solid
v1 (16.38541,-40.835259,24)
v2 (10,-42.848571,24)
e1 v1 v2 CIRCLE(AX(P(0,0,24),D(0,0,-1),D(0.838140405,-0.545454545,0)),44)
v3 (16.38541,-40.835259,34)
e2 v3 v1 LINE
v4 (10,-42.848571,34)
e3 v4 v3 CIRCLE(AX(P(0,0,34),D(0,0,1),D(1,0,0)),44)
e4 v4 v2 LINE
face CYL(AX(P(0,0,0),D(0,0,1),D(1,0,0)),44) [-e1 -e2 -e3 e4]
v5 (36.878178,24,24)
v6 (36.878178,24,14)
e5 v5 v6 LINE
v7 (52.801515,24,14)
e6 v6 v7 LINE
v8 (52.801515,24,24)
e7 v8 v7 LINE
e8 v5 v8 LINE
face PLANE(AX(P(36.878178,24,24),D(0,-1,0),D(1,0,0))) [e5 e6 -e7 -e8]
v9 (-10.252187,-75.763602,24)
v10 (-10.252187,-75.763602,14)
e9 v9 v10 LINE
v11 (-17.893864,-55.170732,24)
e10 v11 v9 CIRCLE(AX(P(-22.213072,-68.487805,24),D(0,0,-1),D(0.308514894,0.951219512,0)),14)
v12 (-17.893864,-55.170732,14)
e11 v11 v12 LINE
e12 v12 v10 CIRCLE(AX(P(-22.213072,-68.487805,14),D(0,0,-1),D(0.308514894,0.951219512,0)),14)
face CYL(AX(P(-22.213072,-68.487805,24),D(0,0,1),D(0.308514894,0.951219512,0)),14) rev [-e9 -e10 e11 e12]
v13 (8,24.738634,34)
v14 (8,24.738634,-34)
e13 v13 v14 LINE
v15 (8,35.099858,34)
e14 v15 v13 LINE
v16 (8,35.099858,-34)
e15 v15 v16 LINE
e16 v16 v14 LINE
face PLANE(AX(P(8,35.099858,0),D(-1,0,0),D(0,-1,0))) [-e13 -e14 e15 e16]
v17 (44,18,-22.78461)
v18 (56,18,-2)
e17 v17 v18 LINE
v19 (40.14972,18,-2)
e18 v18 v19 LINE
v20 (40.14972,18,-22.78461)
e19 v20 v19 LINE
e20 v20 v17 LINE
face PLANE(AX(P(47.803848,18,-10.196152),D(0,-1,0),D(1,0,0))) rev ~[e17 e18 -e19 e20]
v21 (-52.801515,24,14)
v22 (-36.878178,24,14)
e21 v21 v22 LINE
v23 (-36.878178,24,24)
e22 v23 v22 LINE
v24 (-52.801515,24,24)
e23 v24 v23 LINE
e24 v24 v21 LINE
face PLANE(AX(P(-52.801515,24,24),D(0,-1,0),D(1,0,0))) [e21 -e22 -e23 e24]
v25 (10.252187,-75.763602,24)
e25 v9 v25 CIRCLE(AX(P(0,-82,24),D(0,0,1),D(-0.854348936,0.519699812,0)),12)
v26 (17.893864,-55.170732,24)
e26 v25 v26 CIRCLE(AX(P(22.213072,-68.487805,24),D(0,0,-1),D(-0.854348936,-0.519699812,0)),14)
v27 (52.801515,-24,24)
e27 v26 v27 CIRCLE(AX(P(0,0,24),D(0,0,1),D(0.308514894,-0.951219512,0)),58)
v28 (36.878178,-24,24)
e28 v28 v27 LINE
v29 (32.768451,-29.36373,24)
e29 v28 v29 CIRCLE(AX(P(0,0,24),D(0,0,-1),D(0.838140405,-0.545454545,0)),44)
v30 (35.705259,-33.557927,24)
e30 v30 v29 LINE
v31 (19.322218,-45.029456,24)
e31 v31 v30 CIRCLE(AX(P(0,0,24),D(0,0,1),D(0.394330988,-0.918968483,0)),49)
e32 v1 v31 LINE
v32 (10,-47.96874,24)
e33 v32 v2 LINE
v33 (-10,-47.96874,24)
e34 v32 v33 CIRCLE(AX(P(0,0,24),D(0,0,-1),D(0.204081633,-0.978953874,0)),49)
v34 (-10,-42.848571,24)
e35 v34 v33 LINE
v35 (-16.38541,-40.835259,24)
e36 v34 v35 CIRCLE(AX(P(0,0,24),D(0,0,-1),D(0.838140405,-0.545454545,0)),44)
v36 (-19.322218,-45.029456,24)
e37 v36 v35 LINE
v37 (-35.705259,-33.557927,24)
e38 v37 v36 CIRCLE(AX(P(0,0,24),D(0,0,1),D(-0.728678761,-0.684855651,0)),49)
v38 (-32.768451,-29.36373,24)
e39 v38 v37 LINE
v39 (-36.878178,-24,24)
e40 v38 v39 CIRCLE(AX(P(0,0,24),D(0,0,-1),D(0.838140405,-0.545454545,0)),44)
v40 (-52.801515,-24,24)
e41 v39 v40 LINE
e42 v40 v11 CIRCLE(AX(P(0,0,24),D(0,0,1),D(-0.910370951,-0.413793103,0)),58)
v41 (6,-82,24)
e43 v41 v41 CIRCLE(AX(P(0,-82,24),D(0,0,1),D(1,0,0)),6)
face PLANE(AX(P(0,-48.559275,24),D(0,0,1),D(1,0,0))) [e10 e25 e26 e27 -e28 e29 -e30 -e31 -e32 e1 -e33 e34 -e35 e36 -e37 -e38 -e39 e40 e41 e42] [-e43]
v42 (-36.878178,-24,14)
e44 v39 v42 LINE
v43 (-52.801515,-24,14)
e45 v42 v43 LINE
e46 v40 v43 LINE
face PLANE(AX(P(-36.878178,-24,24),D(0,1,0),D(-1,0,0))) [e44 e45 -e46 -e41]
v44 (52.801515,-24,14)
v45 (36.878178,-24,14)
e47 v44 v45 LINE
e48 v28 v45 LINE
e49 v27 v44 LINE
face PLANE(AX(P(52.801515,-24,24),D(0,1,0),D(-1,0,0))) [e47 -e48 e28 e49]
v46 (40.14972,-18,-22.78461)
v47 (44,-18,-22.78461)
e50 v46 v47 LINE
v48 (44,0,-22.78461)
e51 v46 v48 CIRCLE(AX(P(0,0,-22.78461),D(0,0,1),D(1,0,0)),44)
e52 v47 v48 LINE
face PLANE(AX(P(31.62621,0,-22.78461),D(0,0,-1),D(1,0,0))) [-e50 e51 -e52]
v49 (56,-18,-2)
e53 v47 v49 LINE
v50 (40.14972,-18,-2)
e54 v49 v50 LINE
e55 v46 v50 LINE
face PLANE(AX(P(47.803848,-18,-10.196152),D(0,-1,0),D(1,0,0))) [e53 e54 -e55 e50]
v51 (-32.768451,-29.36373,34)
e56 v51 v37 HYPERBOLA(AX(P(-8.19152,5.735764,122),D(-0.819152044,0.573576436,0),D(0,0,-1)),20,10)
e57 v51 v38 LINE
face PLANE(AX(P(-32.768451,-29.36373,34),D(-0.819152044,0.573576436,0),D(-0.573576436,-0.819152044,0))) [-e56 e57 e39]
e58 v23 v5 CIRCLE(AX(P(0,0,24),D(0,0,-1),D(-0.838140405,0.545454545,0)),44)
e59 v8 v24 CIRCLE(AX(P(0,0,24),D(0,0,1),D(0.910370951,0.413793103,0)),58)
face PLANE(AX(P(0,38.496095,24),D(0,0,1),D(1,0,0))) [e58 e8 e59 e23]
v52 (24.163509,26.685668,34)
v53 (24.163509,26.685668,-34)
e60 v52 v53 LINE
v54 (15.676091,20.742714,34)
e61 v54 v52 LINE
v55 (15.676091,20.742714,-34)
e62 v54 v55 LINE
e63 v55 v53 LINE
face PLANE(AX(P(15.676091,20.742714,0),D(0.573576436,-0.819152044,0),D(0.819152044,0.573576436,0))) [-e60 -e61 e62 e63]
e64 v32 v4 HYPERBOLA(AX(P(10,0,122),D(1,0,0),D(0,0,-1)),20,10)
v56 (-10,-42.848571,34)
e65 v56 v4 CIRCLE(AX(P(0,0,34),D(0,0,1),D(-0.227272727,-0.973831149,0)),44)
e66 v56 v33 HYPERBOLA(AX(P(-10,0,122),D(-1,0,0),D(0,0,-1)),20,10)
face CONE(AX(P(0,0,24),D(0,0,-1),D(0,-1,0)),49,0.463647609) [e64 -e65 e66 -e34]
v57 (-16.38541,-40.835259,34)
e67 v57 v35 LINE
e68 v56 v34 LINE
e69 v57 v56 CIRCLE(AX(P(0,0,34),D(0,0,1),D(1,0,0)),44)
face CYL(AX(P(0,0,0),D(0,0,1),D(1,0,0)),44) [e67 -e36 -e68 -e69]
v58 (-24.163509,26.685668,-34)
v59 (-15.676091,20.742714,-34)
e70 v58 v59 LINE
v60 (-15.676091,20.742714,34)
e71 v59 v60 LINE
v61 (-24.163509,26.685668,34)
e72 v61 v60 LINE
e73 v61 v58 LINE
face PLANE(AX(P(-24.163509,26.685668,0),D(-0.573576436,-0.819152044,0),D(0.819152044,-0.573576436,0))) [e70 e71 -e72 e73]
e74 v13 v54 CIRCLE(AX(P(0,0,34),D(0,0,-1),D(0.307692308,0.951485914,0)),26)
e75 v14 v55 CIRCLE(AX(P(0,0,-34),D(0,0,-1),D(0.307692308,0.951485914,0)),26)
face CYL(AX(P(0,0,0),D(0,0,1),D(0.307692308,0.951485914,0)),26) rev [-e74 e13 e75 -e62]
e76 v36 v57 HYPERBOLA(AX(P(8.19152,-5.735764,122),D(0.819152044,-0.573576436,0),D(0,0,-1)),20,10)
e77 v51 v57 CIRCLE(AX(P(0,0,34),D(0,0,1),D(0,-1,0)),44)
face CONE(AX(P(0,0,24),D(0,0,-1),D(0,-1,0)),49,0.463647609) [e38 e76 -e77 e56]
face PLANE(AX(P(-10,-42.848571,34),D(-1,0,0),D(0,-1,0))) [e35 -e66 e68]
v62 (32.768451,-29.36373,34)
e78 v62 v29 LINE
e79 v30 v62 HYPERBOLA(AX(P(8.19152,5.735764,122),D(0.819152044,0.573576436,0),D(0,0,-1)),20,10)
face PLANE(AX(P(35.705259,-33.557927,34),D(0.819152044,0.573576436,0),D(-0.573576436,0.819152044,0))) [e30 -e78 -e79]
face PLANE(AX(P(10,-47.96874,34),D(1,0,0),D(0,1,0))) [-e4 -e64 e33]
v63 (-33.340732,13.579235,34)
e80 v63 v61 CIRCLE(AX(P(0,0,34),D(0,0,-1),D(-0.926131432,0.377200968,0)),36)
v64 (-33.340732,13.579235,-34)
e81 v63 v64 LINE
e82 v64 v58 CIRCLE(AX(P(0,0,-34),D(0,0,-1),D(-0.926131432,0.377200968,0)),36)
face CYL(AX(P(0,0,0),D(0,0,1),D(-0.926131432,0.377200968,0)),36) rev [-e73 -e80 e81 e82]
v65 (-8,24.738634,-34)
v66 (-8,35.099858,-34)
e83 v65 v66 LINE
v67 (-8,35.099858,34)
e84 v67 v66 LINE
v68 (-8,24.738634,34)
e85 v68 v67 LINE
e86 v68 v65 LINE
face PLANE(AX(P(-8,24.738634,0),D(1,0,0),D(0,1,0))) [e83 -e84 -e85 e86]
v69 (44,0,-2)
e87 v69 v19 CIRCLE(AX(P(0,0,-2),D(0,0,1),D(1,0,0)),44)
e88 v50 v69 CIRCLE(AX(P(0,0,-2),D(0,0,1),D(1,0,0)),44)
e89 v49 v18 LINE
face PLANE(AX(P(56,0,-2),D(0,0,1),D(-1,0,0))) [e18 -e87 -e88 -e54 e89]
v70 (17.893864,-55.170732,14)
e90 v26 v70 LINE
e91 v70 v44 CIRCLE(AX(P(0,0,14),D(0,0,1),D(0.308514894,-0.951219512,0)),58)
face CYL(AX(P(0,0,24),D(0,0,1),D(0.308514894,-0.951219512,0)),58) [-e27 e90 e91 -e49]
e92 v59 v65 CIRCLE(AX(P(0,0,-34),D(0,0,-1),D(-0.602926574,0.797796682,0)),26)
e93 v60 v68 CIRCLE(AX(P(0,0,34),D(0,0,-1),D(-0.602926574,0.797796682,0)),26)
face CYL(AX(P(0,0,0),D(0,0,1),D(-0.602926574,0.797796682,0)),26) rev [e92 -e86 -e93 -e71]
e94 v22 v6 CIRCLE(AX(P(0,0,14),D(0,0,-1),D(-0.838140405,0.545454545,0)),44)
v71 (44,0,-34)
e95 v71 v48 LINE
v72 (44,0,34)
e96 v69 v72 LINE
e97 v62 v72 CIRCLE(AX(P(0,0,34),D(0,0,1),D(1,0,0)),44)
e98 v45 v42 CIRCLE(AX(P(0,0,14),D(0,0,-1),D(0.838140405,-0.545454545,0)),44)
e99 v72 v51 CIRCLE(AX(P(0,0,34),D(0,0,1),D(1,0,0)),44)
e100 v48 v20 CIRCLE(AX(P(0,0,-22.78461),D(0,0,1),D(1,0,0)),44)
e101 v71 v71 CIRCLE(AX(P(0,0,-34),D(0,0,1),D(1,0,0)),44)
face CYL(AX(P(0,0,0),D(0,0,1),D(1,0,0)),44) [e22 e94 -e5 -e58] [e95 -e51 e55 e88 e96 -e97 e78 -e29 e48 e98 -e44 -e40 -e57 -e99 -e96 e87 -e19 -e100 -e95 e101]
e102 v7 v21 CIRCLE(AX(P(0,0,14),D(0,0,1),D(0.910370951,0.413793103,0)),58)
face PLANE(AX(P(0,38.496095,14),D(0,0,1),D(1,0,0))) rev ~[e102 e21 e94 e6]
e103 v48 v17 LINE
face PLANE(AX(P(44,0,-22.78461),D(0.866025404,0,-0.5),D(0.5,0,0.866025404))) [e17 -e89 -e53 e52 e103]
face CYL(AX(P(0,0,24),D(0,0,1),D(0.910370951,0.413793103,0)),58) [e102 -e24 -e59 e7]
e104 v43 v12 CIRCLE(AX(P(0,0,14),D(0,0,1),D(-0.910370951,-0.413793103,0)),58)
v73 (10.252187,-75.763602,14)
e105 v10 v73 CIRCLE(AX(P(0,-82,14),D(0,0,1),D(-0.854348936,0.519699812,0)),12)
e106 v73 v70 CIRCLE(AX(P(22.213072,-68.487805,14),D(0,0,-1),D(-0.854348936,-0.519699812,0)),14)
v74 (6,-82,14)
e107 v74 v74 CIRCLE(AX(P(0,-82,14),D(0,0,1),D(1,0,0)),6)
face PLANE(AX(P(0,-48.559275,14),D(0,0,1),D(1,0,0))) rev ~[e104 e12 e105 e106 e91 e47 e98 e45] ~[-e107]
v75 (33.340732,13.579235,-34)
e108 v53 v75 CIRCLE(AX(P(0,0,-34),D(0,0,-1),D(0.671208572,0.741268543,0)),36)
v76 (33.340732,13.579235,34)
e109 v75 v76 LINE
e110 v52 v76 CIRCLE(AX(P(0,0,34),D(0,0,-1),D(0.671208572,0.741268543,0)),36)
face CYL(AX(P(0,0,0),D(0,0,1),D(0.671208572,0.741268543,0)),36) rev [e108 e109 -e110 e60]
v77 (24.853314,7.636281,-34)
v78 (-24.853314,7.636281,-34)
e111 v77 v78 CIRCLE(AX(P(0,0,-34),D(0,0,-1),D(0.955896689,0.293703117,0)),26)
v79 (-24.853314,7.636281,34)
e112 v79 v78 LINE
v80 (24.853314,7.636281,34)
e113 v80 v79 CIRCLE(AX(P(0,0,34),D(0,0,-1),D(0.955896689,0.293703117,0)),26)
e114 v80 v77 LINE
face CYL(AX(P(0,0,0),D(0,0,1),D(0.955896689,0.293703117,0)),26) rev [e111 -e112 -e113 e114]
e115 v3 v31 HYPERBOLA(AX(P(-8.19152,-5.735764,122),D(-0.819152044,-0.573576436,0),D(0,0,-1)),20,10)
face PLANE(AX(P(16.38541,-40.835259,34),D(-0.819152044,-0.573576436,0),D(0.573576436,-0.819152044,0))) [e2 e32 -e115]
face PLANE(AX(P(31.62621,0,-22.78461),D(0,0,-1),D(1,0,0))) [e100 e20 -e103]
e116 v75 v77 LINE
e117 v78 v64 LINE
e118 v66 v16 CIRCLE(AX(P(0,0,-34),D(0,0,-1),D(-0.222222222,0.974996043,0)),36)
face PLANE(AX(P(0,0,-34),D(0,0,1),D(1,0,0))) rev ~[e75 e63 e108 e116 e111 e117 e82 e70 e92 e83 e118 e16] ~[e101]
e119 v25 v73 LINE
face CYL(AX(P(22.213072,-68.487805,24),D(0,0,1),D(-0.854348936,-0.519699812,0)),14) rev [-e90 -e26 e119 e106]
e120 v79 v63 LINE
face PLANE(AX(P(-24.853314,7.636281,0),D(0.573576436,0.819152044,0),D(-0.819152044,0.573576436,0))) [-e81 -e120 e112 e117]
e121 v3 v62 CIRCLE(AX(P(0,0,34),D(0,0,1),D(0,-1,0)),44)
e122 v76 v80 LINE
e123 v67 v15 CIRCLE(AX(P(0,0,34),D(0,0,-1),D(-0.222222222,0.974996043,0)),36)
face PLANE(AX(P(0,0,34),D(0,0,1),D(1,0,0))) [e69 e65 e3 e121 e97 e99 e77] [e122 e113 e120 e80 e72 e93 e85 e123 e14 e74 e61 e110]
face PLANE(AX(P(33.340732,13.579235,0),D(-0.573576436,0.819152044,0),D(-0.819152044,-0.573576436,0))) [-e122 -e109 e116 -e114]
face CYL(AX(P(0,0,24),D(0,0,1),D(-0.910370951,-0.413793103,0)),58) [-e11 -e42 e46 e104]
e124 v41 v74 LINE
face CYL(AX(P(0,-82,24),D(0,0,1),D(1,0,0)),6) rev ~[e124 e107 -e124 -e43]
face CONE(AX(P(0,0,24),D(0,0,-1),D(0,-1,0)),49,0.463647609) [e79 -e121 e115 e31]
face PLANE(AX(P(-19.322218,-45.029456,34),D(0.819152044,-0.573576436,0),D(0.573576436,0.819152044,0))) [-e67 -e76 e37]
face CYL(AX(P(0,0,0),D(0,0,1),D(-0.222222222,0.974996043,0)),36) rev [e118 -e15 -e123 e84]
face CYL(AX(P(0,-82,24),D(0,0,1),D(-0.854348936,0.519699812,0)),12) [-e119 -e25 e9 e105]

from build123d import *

# Parameters (mm, degrees)
F0_R      = 44
F1_DEPTH  = 34
F3_R      = 6
F4_DEPTH  = 10
F5_W      = 12.3737903833
F5_H      = 20.7846096908
F6_DEPTH  = 18
F4_FACE_R = 6
F8_DEPTH  = 10
F12_DEPTH = 107.2


with BuildPart() as f1:
    # F0 (on Top) → F1 (new body, symmetric)
    with BuildSketch(Plane.XY):
        Circle(F0_R)
        with BuildLine():
            ThreePointArc((-15.6760909215, 20.742713743), (-12.0054639441, 23.0622816626), (-8, 24.7386337537))
            Line((-8, 24.7386337537), (-8, 35.0998575496))
            ThreePointArc((-8, 35.0998575496), (0, 36), (8, 35.0998575496))
            Line((8, 35.0998575496), (8, 24.7386337537))
            ThreePointArc((8, 24.7386337537), (12.0054639441, 23.0622816626), (15.6760909215, 20.742713743))
            Line((15.6760909215, 20.742713743), (24.1635085752, 26.685667564))
            ThreePointArc((24.1635085752, 26.685667564), (29.4894735944, 20.6487517086), (33.3407315568, 13.5792348554))
            Line((33.3407315568, 13.5792348554), (24.8533139031, 7.6362810343))
            ThreePointArc((24.8533139031, 7.6362810343), (0, -26), (-24.8533139031, 7.6362810343))
            Line((-24.8533139031, 7.6362810343), (-33.3407315568, 13.5792348554))
            ThreePointArc((-33.3407315568, 13.5792348554), (-29.4894735944, 20.6487517086), (-24.1635085752, 26.685667564))
            Line((-24.1635085752, 26.685667564), (-15.6760909215, 20.742713743))
        make_face(mode=Mode.SUBTRACT)
    extrude(amount=F1_DEPTH, both=True)

    # F3 (on offset) → F4 (join)
    with BuildSketch(Plane.XY.offset(24)):
        with BuildLine():
            Line((-36.8781778292, -24), (-52.8015151298, -24))
            ThreePointArc((-52.8015151298, -24), (-38.6311115614, -43.2624227191), (-17.8938638331, -55.1707317073))
            ThreePointArc((-17.8938638331, -55.1707317073), (-9.0876412514, -63.6171726174), (-10.252187236, -75.7636022514))
            ThreePointArc((-10.252187236, -75.7636022514), (0, -94), (10.252187236, -75.7636022514))
            ThreePointArc((10.252187236, -75.7636022514), (9.0876412514, -63.6171726174), (17.8938638331, -55.1707317073))
            ThreePointArc((17.8938638331, -55.1707317073), (38.6311115614, -43.2624227191), (52.8015151298, -24))
            Line((52.8015151298, -24), (36.8781778292, -24))
            ThreePointArc((36.8781778292, -24), (0, -44), (-36.8781778292, -24))
        make_face()
        with Locations((0, -82)):
            Circle(F3_R, mode=Mode.SUBTRACT)
        with BuildLine():
            Line((-52.8015151298, 24), (-36.8781778292, 24))
            ThreePointArc((-36.8781778292, 24), (0, 44), (36.8781778292, 24))
            Line((36.8781778292, 24), (52.8015151298, 24))
            ThreePointArc((52.8015151298, 24), (0, 58), (-52.8015151298, 24))
        make_face()
    extrude(amount=-F4_DEPTH)

    # F5 (on Front) → F6 (join, symmetric)
    with BuildSketch(Plane.XZ):
        Polygon((56, -2), (44, -2), (44, -22.7846096908), align=None)
        with Locations((37.8131048083, -12.3923048454)):
            Rectangle(F5_W, F5_H)
    extrude(amount=F6_DEPTH, both=True)

    # F7 (on face) + F4_face (on face) → F8 (join, through all)
    with BuildSketch(Plane.XY.offset(34)):
        with BuildLine():
            ThreePointArc((-16.3854099681, -40.8352585418), (-25.2373631994, -36.0426899487), (-32.7684508539, -29.3637298148))
            Line((-32.7684508539, -29.3637298148), (-35.7052592856, -33.5579269227))
            ThreePointArc((-35.7052592856, -33.5579269227), (-28.1052453812, -40.1384501702), (-19.3222183998, -45.0294556497))
            Line((-19.3222183998, -45.0294556497), (-16.3854099681, -40.8352585418))
        make_face()
        with BuildLine():
            ThreePointArc((10, -42.8485705713), (0, -44), (-10, -42.8485705713))
            Line((-10, -42.8485705713), (-10, -47.9687398208))
            ThreePointArc((-10, -47.9687398208), (0, -49), (10, -47.9687398208))
            Line((10, -47.9687398208), (10, -42.8485705713))
        make_face()
        with BuildLine():
            Line((35.7052592856, -33.5579269227), (32.7684508539, -29.3637298148))
            ThreePointArc((32.7684508539, -29.3637298148), (29.1945327607, -32.9192839668), (25.2373631994, -36.0426899487))
            ThreePointArc((25.2373631994, -36.0426899487), (20.948889946, -38.692945223), (16.3854099681, -40.8352585418))
            Line((16.3854099681, -40.8352585418), (19.3222183998, -45.0294556497))
            ThreePointArc((19.3222183998, -45.0294556497), (28.1052453812, -40.1384501702), (35.7052592856, -33.5579269227))
        make_face()
    with BuildSketch(Plane(origin=(0, -50.9642463073, 24), x_dir=(1, 0, 0), z_dir=(0, 0, 1))):
        with BuildLine():
            ThreePointArc((36.8781778292, 26.9642463073), (0, 6.9642463073), (-36.8781778292, 26.9642463073))
            Line((-36.8781778292, 26.9642463073), (-52.8015151298, 26.9642463073))
            ThreePointArc((-52.8015151298, 26.9642463073), (-38.6311115614, 7.7018235881), (-17.8938638331, -4.2064854001))
            ThreePointArc((-17.8938638331, -4.2064854001), (-9.0876412514, -12.6529263101), (-10.252187236, -24.7993559441))
            ThreePointArc((-10.252187236, -24.7993559441), (0, -43.0357536927), (10.252187236, -24.7993559441))
            ThreePointArc((10.252187236, -24.7993559441), (9.0876412514, -12.6529263101), (17.8938638331, -4.2064854001))
            ThreePointArc((17.8938638331, -4.2064854001), (38.6311115614, 7.7018235881), (52.8015151298, 26.9642463073))
            Line((52.8015151298, 26.9642463073), (36.8781778292, 26.9642463073))
        make_face()
        with Locations((0, -31.0357536927)):
            Circle(F4_FACE_R, mode=Mode.SUBTRACT)
    extrude(amount=-F8_DEPTH)

    # F9 (on Right) → F10 (revolve, cut)
    with BuildSketch(Plane.YZ):
        Polygon((-49, 34), (-49, 24), (-44, 34), align=None)
    revolve(axis=Axis((0, 0, 3.8276161067), (0, 0, 1)), mode=Mode.SUBTRACT)

    # F11 (on face) → F12 (cut)
    with BuildSketch(Plane(origin=(0, 0, -34), x_dir=(1, 0, 0), z_dir=(0, 0, -1))):
        with BuildLine():
            ThreePointArc((24.8533139031, -7.6362810343), (0, 26), (-24.8533139031, -7.6362810343))
            Line((-24.8533139031, -7.6362810343), (-33.3407315568, -13.5792348554))
            ThreePointArc((-33.3407315568, -13.5792348554), (-29.4894735944, -20.6487517086), (-24.1635085752, -26.685667564))
            Line((-24.1635085752, -26.685667564), (-15.6760909215, -20.742713743))
            ThreePointArc((-15.6760909215, -20.742713743), (-12.0054639441, -23.0622816626), (-8, -24.7386337537))
            Line((-8, -24.7386337537), (-8, -35.0998575496))
            ThreePointArc((-8, -35.0998575496), (0, -36), (8, -35.0998575496))
            Line((8, -35.0998575496), (8, -24.7386337537))
            ThreePointArc((8, -24.7386337537), (12.0054639441, -23.0622816626), (15.6760909215, -20.742713743))
            Line((15.6760909215, -20.742713743), (24.1635085752, -26.685667564))
            ThreePointArc((24.1635085752, -26.685667564), (29.4894735944, -20.6487517086), (33.3407315568, -13.5792348554))
            Line((33.3407315568, -13.5792348554), (24.8533139031, -7.6362810343))
        make_face()
    extrude(amount=-F12_DEPTH, mode=Mode.SUBTRACT)


solid = f1.part
